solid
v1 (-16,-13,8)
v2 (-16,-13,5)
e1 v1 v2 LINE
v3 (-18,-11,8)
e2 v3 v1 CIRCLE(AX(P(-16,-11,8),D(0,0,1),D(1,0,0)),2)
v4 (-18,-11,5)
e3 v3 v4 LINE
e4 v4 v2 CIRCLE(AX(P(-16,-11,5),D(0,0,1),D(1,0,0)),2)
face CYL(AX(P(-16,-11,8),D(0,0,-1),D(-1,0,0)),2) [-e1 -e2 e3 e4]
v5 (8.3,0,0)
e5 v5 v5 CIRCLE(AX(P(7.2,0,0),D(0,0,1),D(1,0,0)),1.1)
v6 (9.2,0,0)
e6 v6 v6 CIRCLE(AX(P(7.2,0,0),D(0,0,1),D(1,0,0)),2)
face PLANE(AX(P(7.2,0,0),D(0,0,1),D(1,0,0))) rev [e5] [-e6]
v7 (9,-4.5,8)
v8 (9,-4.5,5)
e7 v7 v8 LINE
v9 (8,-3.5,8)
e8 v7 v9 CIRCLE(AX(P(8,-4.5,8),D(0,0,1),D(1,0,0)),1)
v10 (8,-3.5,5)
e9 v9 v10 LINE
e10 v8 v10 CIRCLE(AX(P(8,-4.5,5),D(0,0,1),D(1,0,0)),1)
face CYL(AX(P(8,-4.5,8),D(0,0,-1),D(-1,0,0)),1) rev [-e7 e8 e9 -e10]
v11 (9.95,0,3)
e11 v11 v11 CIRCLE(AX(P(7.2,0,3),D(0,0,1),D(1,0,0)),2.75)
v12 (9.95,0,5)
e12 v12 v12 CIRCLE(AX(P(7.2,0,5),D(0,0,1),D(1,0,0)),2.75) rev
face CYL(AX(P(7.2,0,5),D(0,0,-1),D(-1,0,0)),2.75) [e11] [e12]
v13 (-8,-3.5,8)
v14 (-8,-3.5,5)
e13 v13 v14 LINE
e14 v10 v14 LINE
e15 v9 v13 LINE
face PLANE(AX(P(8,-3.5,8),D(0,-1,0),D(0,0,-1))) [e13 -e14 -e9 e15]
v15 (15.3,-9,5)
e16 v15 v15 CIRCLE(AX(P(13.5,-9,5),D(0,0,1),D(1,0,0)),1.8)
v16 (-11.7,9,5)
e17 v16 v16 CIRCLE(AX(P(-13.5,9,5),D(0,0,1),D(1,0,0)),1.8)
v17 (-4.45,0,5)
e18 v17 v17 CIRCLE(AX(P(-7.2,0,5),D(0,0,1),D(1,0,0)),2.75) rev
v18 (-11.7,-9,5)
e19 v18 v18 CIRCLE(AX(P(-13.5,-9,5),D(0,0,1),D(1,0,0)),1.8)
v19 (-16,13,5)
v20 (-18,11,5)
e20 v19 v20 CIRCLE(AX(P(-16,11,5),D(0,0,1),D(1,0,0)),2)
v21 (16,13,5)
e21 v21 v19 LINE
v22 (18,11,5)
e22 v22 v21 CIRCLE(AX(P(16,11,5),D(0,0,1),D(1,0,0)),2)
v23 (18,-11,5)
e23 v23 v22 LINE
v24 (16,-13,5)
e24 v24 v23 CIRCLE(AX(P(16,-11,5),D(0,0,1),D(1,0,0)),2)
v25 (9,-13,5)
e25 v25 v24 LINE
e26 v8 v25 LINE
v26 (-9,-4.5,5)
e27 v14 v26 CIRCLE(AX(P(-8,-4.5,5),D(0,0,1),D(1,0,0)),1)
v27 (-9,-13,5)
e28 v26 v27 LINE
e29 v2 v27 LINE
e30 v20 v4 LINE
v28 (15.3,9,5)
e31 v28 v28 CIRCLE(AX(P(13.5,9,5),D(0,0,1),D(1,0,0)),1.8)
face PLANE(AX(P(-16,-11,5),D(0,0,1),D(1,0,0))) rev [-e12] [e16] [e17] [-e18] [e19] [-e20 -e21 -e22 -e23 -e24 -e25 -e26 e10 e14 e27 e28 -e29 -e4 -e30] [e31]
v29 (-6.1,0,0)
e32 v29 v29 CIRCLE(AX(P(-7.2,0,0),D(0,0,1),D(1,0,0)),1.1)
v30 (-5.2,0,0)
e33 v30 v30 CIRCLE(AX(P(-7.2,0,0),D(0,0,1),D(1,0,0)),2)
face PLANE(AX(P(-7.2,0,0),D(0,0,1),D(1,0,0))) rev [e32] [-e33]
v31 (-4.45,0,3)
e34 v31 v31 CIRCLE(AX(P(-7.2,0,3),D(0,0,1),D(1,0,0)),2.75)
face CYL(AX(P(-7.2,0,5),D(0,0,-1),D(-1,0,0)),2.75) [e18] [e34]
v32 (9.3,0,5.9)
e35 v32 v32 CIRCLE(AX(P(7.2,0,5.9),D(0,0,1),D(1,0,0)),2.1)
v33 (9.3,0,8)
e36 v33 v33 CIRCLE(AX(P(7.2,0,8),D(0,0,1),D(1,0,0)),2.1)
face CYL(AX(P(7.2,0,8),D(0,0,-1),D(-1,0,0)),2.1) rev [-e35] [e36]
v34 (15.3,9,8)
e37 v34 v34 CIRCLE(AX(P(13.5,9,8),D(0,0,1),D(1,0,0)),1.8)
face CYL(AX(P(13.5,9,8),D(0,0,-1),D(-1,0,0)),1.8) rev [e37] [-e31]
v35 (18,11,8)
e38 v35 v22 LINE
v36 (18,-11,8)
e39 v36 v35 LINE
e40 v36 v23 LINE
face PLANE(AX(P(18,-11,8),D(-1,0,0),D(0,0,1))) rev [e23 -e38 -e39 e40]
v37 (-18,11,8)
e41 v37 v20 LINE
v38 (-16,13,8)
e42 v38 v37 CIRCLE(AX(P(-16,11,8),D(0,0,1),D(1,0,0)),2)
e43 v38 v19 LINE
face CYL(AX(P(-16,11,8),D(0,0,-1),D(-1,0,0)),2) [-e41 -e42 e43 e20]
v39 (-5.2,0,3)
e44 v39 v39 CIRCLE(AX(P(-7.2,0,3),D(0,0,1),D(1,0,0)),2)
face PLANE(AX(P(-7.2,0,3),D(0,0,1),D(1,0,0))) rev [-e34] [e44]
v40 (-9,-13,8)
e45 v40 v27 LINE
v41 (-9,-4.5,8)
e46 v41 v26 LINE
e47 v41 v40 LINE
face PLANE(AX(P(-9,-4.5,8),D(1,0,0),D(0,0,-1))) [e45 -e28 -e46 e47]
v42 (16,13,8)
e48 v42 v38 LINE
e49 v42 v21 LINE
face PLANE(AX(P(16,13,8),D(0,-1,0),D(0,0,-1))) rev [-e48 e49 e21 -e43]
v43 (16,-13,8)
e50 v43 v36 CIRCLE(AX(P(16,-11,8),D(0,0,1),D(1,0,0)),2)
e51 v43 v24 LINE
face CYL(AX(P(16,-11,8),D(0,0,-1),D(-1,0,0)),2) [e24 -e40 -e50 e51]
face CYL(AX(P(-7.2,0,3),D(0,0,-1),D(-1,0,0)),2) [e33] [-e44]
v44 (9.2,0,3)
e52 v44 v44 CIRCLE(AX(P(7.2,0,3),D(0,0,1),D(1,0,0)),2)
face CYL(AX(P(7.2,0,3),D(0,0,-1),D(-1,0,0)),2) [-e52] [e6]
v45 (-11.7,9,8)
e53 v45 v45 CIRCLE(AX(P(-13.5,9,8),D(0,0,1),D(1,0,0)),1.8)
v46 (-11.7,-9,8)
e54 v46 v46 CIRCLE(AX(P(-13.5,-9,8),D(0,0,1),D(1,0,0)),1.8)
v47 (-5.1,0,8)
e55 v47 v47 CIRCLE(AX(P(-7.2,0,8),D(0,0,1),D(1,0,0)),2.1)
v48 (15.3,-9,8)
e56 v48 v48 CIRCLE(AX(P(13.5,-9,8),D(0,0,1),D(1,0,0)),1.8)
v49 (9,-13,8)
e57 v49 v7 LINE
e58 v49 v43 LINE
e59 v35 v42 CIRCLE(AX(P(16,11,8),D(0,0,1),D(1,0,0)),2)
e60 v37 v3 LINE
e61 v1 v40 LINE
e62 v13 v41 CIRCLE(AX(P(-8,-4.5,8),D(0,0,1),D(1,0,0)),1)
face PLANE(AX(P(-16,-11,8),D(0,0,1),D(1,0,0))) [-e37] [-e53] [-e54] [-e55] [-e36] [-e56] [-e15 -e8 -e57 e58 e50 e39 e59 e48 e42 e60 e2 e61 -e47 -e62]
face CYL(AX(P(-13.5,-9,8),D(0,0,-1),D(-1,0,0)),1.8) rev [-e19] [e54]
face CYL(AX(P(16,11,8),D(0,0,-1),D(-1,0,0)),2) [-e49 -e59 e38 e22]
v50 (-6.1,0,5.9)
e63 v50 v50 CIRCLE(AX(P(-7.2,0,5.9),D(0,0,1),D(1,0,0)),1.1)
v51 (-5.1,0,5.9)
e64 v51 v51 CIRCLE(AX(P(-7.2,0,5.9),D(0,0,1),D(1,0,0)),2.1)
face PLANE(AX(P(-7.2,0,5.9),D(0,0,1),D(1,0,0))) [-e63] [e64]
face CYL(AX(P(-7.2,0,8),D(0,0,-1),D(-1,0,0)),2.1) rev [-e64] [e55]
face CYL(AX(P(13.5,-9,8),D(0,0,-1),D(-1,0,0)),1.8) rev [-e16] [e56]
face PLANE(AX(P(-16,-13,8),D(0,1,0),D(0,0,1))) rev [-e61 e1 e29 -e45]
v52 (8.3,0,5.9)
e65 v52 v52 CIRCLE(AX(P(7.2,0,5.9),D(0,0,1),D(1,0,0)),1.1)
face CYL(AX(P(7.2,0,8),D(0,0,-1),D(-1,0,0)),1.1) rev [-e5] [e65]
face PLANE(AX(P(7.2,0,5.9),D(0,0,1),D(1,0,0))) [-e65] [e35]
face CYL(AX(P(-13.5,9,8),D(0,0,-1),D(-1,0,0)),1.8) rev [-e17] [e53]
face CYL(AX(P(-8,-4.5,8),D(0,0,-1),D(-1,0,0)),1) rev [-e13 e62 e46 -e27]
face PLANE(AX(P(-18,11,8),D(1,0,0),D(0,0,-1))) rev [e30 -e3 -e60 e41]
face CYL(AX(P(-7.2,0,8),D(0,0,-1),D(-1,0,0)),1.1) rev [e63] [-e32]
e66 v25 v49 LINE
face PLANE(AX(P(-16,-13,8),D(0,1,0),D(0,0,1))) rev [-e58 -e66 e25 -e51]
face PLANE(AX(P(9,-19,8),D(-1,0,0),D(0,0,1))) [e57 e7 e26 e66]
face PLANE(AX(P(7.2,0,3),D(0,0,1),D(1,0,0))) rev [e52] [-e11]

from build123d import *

# Parameters (mm, degrees)
EXTRUDE_START            = 5
EXTRUDE_3_Z5_DEPTH       = 3
CUT_EXTRUDE_START        = 5
CUT_EXTRUDE_U_18_DEPTH   = 3
EXTRUDE_START_2          = 3
SKETCH_3_R               = 2.75
EXTRUDE_2_Z3_5_DEPTH     = 2
SKETCH_4_R               = 2
EXTRUDE_3_Z0_3_DEPTH     = 3
SKETCH_5_R               = 1.1
CUT_EXTRUDE_2X_2_2_DEPTH = 8
CUT_EXTRUDE_START_2      = 5.9
SKETCH_6_R               = 2.1
CUT_EXTRUDE_2_1_DEPTH    = 2.1
SKETCH_7_R               = 1.8
CUT_EXTRUDE_4X_3_6_DEPTH = 3


with BuildPart() as part:
    # 草图1 → 背板拉伸_厚3_前面Z5 (new body)
    with BuildSketch(Plane.XY.offset(EXTRUDE_START)):
        with BuildLine():
            Line((-16, -13), (16, -13))
            ThreePointArc((16, -13), (17.414213562, -12.414213562), (18, -11))
            Line((18, -11), (18, 11))
            ThreePointArc((18, 11), (17.414213562, 12.414213562), (16, 13))
            Line((16, 13), (-16, 13))
            ThreePointArc((-16, 13), (-17.414213562, 12.414213562), (-18, 11))
            Line((-18, 11), (-18, -11))
            ThreePointArc((-18, -11), (-17.414213562, -12.414213562), (-16, -13))
        make_face()
    extrude(amount=EXTRUDE_3_Z5_DEPTH)

    # 草图2 → 下方U口_宽18_向下敞开 (cut)
    with BuildSketch(Plane.XY.offset(CUT_EXTRUDE_START)):
        with BuildLine():
            Line((-8, -20), (8, -20))
            ThreePointArc((8, -20), (8.707106781, -19.707106781), (9, -19))
            Line((9, -19), (9, -4.5))
            ThreePointArc((9, -4.5), (8.707106781, -3.792893219), (8, -3.5))
            Line((8, -3.5), (-8, -3.5))
            ThreePointArc((-8, -3.5), (-8.707106781, -3.792893219), (-9, -4.5))
            Line((-9, -4.5), (-9, -19))
            ThreePointArc((-9, -19), (-8.707106781, -19.707106781), (-8, -20))
        make_face()
    extrude(amount=CUT_EXTRUDE_U_18_DEPTH, mode=Mode.SUBTRACT)

    # 草图3 → 两根支柱主体_高2_Z3至5 (add)
    with BuildSketch(Plane.XY.offset(EXTRUDE_START_2)):
        with Locations((-7.2, 0)):
            Circle(SKETCH_3_R)
        with Locations((7.2, 0)):
            Circle(SKETCH_3_R)
    extrude(amount=EXTRUDE_2_Z3_5_DEPTH)

    # 草图4 → 两根接触细颈_高3_Z0至3 (add)
    with BuildSketch(Plane.XY):
        with Locations((-7.2, 0)):
            Circle(SKETCH_4_R)
        with Locations((7.2, 0)):
            Circle(SKETCH_4_R)
    extrude(amount=EXTRUDE_3_Z0_3_DEPTH)

    # 草图5 → 模块固定孔_2x直径2.2_贯穿 (cut)
    with BuildSketch(Plane.XY):
        with Locations((-7.2, 0)):
            Circle(SKETCH_5_R)
        with Locations((7.2, 0)):
            Circle(SKETCH_5_R)
    extrude(amount=CUT_EXTRUDE_2X_2_2_DEPTH, mode=Mode.SUBTRACT)

    # 草图6 → 背面螺丝头沉孔_深2.1 (cut)
    with BuildSketch(Plane.XY.offset(CUT_EXTRUDE_START_2)):
        with Locations((-7.2, 0)):
            Circle(SKETCH_6_R)
        with Locations((7.2, 0)):
            Circle(SKETCH_6_R)
    extrude(amount=CUT_EXTRUDE_2_1_DEPTH, mode=Mode.SUBTRACT)

    # 草图7 → 后续连接孔_4x直径3.6_贯穿 (cut)
    with BuildSketch(Plane.XY.offset(CUT_EXTRUDE_START)):
        with Locations((-13.5, -9)):
            Circle(SKETCH_7_R)
        with Locations((-13.5, 9)):
            Circle(SKETCH_7_R)
        with Locations((13.5, -9)):
            Circle(SKETCH_7_R)
        with Locations((13.5, 9)):
            Circle(SKETCH_7_R)
    extrude(amount=CUT_EXTRUDE_4X_3_6_DEPTH, mode=Mode.SUBTRACT)


solid = part.part
